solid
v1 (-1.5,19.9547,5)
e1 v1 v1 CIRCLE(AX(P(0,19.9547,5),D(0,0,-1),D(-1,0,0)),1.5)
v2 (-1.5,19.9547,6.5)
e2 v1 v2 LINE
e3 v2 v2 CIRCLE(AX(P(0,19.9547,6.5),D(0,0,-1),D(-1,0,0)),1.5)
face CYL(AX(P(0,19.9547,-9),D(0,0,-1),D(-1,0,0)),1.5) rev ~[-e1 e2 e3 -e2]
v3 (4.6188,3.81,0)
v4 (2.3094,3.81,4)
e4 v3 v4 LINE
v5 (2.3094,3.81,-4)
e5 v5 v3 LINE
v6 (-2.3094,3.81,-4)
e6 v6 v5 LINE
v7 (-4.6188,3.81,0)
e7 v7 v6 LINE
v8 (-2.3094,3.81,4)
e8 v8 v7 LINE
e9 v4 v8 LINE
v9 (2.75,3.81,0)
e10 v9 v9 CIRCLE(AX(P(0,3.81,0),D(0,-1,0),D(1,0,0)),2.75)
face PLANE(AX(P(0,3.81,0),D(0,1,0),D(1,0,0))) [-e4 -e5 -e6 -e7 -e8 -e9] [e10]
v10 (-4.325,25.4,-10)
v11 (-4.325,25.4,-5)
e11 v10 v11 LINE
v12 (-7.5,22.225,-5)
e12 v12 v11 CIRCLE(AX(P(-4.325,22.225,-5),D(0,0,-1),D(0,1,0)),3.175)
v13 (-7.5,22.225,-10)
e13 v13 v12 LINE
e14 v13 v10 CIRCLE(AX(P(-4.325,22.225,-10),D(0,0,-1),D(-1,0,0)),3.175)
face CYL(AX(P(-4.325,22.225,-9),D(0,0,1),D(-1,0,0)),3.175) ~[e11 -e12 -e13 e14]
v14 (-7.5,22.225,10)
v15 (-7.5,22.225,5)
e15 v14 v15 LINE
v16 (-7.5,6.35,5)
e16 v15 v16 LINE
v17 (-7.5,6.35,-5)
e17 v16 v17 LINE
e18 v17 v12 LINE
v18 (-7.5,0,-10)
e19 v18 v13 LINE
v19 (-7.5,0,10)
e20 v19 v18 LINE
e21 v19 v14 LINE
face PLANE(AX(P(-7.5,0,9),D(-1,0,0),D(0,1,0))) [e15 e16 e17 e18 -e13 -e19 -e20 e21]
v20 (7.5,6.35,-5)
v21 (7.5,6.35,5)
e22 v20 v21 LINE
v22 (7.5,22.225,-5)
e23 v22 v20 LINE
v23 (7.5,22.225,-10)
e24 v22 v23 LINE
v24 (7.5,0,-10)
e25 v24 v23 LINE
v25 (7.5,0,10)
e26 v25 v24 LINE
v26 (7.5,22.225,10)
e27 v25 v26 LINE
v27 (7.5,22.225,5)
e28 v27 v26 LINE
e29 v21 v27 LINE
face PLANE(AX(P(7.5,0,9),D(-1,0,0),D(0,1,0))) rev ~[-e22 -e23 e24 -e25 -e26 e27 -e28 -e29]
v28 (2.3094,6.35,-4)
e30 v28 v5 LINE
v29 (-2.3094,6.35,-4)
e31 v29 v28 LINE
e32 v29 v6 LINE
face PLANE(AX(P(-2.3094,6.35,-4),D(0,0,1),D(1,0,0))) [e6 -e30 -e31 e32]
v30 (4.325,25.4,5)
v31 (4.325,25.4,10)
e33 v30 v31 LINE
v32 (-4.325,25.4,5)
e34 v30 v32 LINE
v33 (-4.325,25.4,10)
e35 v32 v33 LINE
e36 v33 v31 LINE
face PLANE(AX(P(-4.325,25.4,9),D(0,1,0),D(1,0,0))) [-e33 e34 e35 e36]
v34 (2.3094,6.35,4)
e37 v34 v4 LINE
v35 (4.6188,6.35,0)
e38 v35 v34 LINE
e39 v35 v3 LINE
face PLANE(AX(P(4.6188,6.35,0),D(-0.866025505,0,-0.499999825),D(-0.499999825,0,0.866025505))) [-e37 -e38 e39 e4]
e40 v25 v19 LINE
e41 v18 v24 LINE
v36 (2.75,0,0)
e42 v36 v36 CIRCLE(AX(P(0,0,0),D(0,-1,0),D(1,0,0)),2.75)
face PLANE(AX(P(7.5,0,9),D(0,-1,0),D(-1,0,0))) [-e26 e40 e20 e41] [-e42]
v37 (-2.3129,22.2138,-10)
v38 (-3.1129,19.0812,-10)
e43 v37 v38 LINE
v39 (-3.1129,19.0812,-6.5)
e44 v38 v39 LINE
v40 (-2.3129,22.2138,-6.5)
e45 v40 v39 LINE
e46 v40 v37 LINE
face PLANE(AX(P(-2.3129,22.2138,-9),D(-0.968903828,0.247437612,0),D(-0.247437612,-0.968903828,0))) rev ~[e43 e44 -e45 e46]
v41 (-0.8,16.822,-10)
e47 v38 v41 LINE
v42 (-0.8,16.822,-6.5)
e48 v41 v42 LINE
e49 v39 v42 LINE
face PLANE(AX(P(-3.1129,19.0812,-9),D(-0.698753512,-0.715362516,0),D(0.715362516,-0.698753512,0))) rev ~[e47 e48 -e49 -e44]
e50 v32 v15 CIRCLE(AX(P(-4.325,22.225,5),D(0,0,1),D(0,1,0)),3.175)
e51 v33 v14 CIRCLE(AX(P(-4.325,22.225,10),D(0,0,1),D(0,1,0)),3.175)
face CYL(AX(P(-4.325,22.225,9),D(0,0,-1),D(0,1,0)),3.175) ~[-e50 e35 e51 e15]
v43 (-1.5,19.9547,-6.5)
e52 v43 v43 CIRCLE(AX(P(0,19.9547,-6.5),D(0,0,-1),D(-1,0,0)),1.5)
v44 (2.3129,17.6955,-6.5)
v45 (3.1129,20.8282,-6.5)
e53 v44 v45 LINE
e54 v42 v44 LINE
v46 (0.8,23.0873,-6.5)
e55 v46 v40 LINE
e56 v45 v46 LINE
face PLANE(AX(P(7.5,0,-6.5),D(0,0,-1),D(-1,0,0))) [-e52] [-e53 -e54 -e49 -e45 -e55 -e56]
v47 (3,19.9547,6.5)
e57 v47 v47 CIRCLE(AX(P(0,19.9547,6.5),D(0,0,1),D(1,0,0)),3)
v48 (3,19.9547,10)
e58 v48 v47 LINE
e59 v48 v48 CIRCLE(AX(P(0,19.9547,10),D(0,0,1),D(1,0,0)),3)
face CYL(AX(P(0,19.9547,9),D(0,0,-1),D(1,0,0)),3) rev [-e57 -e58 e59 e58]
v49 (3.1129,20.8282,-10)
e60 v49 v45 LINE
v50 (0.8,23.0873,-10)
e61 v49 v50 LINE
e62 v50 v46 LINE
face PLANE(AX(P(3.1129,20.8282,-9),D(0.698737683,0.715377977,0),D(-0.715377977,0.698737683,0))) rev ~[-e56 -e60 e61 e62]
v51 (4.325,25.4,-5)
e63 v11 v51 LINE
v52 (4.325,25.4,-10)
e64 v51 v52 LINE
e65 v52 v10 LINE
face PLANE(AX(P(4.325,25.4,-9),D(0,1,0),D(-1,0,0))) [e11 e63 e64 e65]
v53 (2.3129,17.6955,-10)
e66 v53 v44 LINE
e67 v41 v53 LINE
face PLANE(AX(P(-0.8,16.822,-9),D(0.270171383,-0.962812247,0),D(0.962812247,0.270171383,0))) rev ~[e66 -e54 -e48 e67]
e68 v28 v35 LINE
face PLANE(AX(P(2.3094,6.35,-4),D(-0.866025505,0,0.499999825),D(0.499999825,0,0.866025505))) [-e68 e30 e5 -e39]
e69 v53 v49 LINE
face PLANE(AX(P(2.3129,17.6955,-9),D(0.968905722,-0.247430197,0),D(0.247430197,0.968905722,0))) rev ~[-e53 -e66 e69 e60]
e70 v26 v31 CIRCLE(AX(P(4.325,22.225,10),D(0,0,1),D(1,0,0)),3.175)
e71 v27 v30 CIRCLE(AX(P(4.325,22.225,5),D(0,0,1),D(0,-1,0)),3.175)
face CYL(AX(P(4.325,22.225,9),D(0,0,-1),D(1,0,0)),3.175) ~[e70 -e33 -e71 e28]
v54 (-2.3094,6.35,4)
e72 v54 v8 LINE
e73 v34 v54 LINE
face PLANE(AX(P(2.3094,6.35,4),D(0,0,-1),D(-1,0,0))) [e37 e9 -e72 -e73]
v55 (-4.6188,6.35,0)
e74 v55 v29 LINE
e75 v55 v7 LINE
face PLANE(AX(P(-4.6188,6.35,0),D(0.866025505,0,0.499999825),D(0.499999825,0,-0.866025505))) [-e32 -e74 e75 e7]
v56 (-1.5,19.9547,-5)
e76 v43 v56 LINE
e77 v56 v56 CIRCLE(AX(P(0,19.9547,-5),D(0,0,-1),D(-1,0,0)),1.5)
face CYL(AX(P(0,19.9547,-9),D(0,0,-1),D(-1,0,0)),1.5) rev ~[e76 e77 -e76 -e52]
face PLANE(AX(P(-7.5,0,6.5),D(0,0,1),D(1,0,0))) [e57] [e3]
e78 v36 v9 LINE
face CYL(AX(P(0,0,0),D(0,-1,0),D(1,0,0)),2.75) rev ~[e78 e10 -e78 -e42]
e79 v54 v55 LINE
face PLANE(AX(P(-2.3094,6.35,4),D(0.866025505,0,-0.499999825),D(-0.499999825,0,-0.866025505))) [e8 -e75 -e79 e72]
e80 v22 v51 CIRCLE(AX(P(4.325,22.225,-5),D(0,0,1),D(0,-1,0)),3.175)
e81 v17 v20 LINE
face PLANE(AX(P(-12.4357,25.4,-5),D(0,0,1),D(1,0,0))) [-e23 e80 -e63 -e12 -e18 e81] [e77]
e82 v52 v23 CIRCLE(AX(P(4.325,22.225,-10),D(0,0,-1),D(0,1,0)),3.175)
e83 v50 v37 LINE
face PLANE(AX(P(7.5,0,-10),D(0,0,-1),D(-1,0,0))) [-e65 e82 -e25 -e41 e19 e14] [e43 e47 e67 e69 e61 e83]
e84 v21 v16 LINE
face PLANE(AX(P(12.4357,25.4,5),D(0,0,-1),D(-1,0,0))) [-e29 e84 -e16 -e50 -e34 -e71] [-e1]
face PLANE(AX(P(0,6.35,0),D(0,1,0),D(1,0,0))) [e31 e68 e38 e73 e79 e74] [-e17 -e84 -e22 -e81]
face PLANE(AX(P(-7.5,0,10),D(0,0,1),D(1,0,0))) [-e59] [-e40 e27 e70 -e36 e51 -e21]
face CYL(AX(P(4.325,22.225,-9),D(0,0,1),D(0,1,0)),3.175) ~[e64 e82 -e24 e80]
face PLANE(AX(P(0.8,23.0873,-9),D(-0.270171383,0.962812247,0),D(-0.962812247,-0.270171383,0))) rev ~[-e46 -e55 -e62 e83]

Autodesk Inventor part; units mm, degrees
ref_plane "YZ Plane" through (0, 0, 0) normal (1, 0, 0) x (0, 1, 0)
ref_plane "XZ Plane" through (0, 0, 0) normal (0, 1, 0) x (-1, 0, 0)
ref_plane "XY Plane" through (0, 0, 0) normal (0, 0, 1) x (1, 0, 0)
sketch "Sketch1" plane through (0, 0, 0) normal (0, 1, 0) x (-1, 0, 0)
  line L0 (-7.5, 9) -> (7.5, 9)
  line L1 (7.5, 9) -> (7.5, -9)
  line L2 (7.5, -9) -> (-7.5, -9)
  line L3 (-7.5, -9) -> (-7.5, 9)
  line L4 (-7.5, 9) -> (7.5, -9) construction
  line L5 (7.5, 9) -> (-7.5, -9) construction
  point P0 (0, 0)
  dimension "d0" = 18
  dimension "d1" = 15
extrude "Extrusion1" add sketch "Sketch1" along normal blind 25.4
sketch "Sketch2" plane through (0, 25.4, 0) normal (0, 1, 0) x (1, 0, 0)
  line L0 (12.4357, -5) -> (-12.4357, -5)
  line L1 (-12.4357, -5) -> (-12.4357, 5)
  line L2 (-12.4357, 5) -> (12.4357, 5)
  line L3 (12.4357, 5) -> (12.4357, -5)
  line L4 (12.4357, -5) -> (-12.4357, 5) construction
  line L5 (-12.4357, -5) -> (12.4357, 5) construction
  line L6 (7.5, 9) -> (-7.5, 9) projected
  point P0 (0, 0)
  dimension "d5" = 10
extrude "Extrusion2" cut sketch "Sketch2" against normal blind 19.05
sketch "Sketch3" plane through (7.5, 0, -9) normal (0, 0, -1) x (-1, 0, 0)
  line L0 (0, 25.4) -> (15, 25.4) projected
  line L1 (7.5, 25.4) -> (7.5, 0)
  circle A0 centre (7.5, 19.9547) radius 1.5
  dimension "d8" = 3
extrude "Extrusion3" cut sketch "Sketch3" against normal through all
fillet "Fillet1" radius 3.175 4 edges at (-7.5, 25.4, -7) (7.5, 25.4, -7) (-7.5, 25.4, 7) (7.5, 25.4, 7)
sketch "Sketch4" plane through (0, 0, 0) normal (0, -1, 0) x (1, 0, 0)
  circle A0 centre (0, 0) radius 2.75
  dimension "d12" = 5.5
extrude "Extrusion4" cut sketch "Sketch4" against normal blind 19.05
sketch "Sketch5" plane through (0, 6.35, 0) normal (0, 1, 0) x (1, 0, 0)
  line L0 (-4.6188, 0) -> (-2.3094, 4)
  line L1 (-2.3094, 4) -> (2.3094, 4)
  line L2 (2.3094, 4) -> (4.6188, 0)
  line L3 (4.6188, 0) -> (2.3094, -4)
  line L4 (2.3094, -4) -> (-2.3094, -4)
  line L5 (-2.3094, -4) -> (-4.6188, 0)
  point P0 (0, 0)
  point P1 (0, 0)
  dimension "d15" = 8
extrude "Extrusion5" cut sketch "Sketch5" against normal blind 2.54
sketch "Sketch6" plane through (-7.5, 0, 9) normal (0, 0, 1) x (1, 0, 0)
  circle A0 centre (7.5, 19.9547) radius 1.5 projected
  circle A1 centre (7.5, 19.9547) radius 3
  point P0 (7.5, 0)
  dimension "d18" = 6
extrude "Extrusion6" cut sketch "Sketch6" against normal blind 2.5
sketch "Sketch7" plane through (7.5, 0, -9) normal (0, 0, -1) x (-1, 0, 0)
  circle A0 centre (7.5, 19.9547) radius 1.5 projected
  line L0 (10.6129, 19.0812) -> (8.3, 16.822)
  line L1 (8.3, 16.822) -> (5.1871, 17.6955)
  line L2 (5.1871, 17.6955) -> (4.3871, 20.8282)
  line L3 (4.3871, 20.8282) -> (6.7, 23.0873)
  line L4 (6.7, 23.0873) -> (9.8129, 22.2138)
  line L5 (9.8129, 22.2138) -> (10.6129, 19.0812)
  point P0 (7.5, 0)
  dimension "d21" = 5.6
extrude "Extrusion7" cut sketch "Sketch7" against normal blind 2.5
sketch "Sketch8" plane through (7.5, 0, -9) normal (0, 0, -1) x (-1, 0, 0)
  line L0 (9.8129, 22.2138) -> (10.6129, 19.0812) projected
  line L1 (10.6129, 19.0812) -> (8.3, 16.822) projected
  line L2 (8.3, 16.822) -> (5.1871, 17.6955) projected
  line L3 (5.1871, 17.6955) -> (4.3871, 20.8282) projected
  line L4 (4.3871, 20.8282) -> (6.7, 23.0873) projected
  line L5 (6.7, 23.0873) -> (9.8129, 22.2138) projected
  arc A0 (3.175, 25.4) -> (0, 22.225) centre (3.175, 22.225) ccw projected
  line L6 (0, 0) -> (0, 22.225) projected
  line L7 (15, 0) -> (0, 0) projected
  line L8 (15, 0) -> (15, 22.225) projected
  arc A1 (15, 22.225) -> (11.825, 25.4) centre (11.825, 22.225) ccw projected
  line L9 (3.175, 25.4) -> (11.825, 25.4) projected
  point P0 (7.5, 0)
extrude "Extrusion8" add sketch "Sketch8" along normal blind 1
sketch "Sketch9" plane through (-7.5, 0, 9) normal (0, 0, 1) x (1, 0, 0)
  circle A0 centre (7.5, 19.9547) radius 3 projected
  arc A1 (15, 22.225) -> (11.825, 25.4) centre (11.825, 22.225) ccw projected
  line L0 (3.175, 25.4) -> (11.825, 25.4) projected
  arc A2 (3.175, 25.4) -> (0, 22.225) centre (3.175, 22.225) ccw projected
  line L1 (0, 0) -> (0, 22.225) projected
  line L2 (15, 0) -> (0, 0) projected
  line L3 (15, 0) -> (15, 22.225) projected
  point P0 (7.5, 0)
extrude "Extrusion9" add sketch "Sketch9" along normal blind 1
properties part number "xTension"
